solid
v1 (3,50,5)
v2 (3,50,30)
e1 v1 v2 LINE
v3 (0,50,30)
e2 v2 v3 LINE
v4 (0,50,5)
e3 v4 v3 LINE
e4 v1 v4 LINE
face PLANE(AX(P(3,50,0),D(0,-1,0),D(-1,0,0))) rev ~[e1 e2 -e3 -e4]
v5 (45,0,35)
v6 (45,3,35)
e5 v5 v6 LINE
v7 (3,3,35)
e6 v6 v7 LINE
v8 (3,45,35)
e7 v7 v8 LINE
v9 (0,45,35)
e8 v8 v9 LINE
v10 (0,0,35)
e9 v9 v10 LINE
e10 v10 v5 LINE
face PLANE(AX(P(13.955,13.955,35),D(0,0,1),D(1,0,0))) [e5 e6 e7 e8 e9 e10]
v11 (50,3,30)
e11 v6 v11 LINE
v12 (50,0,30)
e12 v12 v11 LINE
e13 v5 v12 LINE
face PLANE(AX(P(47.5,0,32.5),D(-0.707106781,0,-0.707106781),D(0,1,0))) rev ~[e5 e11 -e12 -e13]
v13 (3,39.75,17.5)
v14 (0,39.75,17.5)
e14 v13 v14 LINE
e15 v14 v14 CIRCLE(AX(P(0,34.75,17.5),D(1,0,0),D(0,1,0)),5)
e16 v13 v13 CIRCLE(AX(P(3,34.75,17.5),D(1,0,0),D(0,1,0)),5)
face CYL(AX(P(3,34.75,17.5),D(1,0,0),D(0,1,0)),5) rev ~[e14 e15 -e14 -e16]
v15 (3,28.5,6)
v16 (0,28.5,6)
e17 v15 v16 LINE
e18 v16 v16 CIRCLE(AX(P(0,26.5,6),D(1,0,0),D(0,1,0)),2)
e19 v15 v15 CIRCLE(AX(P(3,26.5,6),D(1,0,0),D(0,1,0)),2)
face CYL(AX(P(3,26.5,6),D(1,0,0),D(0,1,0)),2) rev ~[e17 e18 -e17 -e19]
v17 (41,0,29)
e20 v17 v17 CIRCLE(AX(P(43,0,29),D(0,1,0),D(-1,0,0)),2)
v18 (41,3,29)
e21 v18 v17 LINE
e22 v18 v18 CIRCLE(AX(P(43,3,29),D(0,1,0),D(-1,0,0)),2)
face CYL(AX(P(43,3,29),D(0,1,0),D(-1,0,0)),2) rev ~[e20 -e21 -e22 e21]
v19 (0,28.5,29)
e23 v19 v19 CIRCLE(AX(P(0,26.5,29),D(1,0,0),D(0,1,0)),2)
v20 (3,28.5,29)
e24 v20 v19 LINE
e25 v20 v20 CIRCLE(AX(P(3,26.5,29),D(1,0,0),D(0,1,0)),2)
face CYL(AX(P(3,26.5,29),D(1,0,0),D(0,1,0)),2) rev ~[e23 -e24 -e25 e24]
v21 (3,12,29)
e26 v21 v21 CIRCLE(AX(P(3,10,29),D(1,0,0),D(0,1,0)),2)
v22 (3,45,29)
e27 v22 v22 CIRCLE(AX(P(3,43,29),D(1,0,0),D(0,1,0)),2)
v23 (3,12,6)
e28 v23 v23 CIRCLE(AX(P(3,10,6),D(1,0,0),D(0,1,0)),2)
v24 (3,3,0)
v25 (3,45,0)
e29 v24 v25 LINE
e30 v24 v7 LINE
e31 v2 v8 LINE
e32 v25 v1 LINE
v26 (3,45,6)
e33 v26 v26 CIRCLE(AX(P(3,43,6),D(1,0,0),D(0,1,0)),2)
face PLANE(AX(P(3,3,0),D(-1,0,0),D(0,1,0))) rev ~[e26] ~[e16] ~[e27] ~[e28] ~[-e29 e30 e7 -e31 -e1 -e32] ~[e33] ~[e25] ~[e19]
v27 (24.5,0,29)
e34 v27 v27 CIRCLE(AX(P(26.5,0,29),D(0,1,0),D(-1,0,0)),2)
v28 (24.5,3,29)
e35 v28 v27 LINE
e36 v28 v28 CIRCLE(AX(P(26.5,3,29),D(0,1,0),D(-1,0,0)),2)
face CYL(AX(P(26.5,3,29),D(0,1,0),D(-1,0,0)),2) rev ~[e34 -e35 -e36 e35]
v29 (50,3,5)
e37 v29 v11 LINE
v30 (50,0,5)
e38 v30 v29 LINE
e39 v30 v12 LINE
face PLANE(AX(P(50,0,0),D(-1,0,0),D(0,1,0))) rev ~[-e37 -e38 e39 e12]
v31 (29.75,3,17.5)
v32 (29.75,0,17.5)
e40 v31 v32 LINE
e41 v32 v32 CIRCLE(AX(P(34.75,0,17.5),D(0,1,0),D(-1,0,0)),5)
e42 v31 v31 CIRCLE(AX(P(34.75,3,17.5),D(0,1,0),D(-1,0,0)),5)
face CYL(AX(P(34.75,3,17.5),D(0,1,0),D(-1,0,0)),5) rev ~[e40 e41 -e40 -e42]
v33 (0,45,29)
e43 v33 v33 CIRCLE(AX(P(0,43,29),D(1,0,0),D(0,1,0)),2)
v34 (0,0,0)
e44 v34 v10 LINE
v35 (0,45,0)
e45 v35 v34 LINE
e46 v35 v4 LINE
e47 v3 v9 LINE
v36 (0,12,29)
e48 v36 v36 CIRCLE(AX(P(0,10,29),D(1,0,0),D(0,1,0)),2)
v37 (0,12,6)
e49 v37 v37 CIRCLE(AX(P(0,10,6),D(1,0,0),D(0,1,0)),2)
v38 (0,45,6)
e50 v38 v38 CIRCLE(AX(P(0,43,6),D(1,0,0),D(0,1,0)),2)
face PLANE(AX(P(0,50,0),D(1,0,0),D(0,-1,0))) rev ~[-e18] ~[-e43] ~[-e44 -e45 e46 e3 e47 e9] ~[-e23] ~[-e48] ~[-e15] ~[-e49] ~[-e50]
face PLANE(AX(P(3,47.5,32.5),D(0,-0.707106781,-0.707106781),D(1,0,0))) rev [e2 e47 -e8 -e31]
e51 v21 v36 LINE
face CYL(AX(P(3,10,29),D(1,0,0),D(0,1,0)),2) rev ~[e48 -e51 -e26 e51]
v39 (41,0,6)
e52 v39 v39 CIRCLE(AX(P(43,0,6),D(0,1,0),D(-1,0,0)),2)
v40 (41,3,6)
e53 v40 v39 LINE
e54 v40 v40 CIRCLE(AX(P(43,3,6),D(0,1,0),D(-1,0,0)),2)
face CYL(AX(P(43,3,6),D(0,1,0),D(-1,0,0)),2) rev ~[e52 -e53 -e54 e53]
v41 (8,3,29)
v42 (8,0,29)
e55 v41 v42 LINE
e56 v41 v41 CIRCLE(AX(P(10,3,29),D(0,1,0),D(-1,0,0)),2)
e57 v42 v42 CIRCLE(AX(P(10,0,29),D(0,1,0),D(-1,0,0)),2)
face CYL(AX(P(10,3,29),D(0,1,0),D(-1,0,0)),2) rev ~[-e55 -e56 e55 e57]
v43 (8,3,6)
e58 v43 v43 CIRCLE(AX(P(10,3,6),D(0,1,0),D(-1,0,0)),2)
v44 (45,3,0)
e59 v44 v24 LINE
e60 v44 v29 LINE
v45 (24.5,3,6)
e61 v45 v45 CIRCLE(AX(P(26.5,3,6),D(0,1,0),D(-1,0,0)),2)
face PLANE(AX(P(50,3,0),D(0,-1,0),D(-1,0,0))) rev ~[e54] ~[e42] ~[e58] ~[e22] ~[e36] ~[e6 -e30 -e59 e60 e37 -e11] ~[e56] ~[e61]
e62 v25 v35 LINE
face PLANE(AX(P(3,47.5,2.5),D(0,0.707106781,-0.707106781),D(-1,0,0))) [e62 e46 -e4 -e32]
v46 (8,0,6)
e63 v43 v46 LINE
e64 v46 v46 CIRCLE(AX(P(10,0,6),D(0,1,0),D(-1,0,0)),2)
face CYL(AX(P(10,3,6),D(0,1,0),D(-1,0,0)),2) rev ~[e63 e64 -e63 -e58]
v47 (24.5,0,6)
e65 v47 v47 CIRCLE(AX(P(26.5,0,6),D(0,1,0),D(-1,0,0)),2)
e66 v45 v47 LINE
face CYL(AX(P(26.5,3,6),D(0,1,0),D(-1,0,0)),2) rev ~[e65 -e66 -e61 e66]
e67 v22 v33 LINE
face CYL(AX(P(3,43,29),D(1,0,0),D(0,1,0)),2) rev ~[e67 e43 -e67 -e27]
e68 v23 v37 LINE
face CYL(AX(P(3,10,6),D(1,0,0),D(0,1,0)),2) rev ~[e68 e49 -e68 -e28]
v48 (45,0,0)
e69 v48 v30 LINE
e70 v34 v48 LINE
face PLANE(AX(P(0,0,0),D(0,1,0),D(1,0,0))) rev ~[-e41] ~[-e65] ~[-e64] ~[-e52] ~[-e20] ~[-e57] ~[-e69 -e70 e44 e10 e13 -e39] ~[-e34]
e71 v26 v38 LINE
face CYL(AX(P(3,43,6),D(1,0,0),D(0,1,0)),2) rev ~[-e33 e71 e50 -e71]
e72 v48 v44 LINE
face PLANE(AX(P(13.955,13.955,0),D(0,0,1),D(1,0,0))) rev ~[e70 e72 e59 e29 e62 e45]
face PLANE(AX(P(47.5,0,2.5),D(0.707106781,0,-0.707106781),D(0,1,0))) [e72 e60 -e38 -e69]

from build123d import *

# Parameters (mm, degrees)
F1_DEPTH = 35
F2_R     = 5
F2_R_2   = 2
F3_DEPTH = 3
F4_R     = 5
F4_R_2   = 2
F5_DEPTH = 3
F6_SIZE  = 5
F7_SIZE  = 5


with BuildPart() as f1:
    # F0 (on Top) → F1 (new body)
    with BuildSketch(Plane.XY):
        Polygon((0, 50), (0, 0), (50, 0), (50, 3), (3, 3), (3, 50), align=None)
    extrude(amount=F1_DEPTH)

    # F2 (on face) → F3 (cut, through all)
    with BuildSketch(Plane(origin=(0, 3, 0), x_dir=(-1, 0, 0), z_dir=(0, 1, 0))):
        with Locations((-34.75, 17.5)):
            Circle(F2_R)
        with Locations((-43, 29)):
            Circle(F2_R_2)
        with Locations((-26.5, 29)):
            Circle(F2_R_2)
        with Locations((-10, 29)):
            Circle(F2_R_2)
        with Locations((-43, 6)):
            Circle(F2_R_2)
        with Locations((-26.5, 6)):
            Circle(F2_R_2)
        with Locations((-10, 6)):
            Circle(F2_R_2)
    extrude(amount=-F3_DEPTH, mode=Mode.SUBTRACT)

    # F4 (on face) → F5 (cut, through all)
    with BuildSketch(Plane.YZ.offset(3)):
        with Locations((34.75, 17.5)):
            Circle(F4_R)
        with Locations((10, 29)):
            Circle(F4_R_2)
        with Locations((26.5, 29)):
            Circle(F4_R_2)
        with Locations((43, 29)):
            Circle(F4_R_2)
        with Locations((10, 6)):
            Circle(F4_R_2)
        with Locations((26.5, 6)):
            Circle(F4_R_2)
        with Locations((43, 6)):
            Circle(F4_R_2)
    extrude(amount=-F5_DEPTH, mode=Mode.SUBTRACT)

    # F6
    f6_edges = [f1.edges().sort_by_distance(p)[0] for p in [
        (50, 1.5, 35),
        (50, 1.5, 0),
    ]]
    chamfer(f6_edges, length=F6_SIZE)

    # F7
    f7_edges = [f1.edges().sort_by_distance(p)[0] for p in [
        (1.5, 50, 35),
        (1.5, 50, 0),
    ]]
    chamfer(f7_edges, length=F7_SIZE)


solid = f1.part
